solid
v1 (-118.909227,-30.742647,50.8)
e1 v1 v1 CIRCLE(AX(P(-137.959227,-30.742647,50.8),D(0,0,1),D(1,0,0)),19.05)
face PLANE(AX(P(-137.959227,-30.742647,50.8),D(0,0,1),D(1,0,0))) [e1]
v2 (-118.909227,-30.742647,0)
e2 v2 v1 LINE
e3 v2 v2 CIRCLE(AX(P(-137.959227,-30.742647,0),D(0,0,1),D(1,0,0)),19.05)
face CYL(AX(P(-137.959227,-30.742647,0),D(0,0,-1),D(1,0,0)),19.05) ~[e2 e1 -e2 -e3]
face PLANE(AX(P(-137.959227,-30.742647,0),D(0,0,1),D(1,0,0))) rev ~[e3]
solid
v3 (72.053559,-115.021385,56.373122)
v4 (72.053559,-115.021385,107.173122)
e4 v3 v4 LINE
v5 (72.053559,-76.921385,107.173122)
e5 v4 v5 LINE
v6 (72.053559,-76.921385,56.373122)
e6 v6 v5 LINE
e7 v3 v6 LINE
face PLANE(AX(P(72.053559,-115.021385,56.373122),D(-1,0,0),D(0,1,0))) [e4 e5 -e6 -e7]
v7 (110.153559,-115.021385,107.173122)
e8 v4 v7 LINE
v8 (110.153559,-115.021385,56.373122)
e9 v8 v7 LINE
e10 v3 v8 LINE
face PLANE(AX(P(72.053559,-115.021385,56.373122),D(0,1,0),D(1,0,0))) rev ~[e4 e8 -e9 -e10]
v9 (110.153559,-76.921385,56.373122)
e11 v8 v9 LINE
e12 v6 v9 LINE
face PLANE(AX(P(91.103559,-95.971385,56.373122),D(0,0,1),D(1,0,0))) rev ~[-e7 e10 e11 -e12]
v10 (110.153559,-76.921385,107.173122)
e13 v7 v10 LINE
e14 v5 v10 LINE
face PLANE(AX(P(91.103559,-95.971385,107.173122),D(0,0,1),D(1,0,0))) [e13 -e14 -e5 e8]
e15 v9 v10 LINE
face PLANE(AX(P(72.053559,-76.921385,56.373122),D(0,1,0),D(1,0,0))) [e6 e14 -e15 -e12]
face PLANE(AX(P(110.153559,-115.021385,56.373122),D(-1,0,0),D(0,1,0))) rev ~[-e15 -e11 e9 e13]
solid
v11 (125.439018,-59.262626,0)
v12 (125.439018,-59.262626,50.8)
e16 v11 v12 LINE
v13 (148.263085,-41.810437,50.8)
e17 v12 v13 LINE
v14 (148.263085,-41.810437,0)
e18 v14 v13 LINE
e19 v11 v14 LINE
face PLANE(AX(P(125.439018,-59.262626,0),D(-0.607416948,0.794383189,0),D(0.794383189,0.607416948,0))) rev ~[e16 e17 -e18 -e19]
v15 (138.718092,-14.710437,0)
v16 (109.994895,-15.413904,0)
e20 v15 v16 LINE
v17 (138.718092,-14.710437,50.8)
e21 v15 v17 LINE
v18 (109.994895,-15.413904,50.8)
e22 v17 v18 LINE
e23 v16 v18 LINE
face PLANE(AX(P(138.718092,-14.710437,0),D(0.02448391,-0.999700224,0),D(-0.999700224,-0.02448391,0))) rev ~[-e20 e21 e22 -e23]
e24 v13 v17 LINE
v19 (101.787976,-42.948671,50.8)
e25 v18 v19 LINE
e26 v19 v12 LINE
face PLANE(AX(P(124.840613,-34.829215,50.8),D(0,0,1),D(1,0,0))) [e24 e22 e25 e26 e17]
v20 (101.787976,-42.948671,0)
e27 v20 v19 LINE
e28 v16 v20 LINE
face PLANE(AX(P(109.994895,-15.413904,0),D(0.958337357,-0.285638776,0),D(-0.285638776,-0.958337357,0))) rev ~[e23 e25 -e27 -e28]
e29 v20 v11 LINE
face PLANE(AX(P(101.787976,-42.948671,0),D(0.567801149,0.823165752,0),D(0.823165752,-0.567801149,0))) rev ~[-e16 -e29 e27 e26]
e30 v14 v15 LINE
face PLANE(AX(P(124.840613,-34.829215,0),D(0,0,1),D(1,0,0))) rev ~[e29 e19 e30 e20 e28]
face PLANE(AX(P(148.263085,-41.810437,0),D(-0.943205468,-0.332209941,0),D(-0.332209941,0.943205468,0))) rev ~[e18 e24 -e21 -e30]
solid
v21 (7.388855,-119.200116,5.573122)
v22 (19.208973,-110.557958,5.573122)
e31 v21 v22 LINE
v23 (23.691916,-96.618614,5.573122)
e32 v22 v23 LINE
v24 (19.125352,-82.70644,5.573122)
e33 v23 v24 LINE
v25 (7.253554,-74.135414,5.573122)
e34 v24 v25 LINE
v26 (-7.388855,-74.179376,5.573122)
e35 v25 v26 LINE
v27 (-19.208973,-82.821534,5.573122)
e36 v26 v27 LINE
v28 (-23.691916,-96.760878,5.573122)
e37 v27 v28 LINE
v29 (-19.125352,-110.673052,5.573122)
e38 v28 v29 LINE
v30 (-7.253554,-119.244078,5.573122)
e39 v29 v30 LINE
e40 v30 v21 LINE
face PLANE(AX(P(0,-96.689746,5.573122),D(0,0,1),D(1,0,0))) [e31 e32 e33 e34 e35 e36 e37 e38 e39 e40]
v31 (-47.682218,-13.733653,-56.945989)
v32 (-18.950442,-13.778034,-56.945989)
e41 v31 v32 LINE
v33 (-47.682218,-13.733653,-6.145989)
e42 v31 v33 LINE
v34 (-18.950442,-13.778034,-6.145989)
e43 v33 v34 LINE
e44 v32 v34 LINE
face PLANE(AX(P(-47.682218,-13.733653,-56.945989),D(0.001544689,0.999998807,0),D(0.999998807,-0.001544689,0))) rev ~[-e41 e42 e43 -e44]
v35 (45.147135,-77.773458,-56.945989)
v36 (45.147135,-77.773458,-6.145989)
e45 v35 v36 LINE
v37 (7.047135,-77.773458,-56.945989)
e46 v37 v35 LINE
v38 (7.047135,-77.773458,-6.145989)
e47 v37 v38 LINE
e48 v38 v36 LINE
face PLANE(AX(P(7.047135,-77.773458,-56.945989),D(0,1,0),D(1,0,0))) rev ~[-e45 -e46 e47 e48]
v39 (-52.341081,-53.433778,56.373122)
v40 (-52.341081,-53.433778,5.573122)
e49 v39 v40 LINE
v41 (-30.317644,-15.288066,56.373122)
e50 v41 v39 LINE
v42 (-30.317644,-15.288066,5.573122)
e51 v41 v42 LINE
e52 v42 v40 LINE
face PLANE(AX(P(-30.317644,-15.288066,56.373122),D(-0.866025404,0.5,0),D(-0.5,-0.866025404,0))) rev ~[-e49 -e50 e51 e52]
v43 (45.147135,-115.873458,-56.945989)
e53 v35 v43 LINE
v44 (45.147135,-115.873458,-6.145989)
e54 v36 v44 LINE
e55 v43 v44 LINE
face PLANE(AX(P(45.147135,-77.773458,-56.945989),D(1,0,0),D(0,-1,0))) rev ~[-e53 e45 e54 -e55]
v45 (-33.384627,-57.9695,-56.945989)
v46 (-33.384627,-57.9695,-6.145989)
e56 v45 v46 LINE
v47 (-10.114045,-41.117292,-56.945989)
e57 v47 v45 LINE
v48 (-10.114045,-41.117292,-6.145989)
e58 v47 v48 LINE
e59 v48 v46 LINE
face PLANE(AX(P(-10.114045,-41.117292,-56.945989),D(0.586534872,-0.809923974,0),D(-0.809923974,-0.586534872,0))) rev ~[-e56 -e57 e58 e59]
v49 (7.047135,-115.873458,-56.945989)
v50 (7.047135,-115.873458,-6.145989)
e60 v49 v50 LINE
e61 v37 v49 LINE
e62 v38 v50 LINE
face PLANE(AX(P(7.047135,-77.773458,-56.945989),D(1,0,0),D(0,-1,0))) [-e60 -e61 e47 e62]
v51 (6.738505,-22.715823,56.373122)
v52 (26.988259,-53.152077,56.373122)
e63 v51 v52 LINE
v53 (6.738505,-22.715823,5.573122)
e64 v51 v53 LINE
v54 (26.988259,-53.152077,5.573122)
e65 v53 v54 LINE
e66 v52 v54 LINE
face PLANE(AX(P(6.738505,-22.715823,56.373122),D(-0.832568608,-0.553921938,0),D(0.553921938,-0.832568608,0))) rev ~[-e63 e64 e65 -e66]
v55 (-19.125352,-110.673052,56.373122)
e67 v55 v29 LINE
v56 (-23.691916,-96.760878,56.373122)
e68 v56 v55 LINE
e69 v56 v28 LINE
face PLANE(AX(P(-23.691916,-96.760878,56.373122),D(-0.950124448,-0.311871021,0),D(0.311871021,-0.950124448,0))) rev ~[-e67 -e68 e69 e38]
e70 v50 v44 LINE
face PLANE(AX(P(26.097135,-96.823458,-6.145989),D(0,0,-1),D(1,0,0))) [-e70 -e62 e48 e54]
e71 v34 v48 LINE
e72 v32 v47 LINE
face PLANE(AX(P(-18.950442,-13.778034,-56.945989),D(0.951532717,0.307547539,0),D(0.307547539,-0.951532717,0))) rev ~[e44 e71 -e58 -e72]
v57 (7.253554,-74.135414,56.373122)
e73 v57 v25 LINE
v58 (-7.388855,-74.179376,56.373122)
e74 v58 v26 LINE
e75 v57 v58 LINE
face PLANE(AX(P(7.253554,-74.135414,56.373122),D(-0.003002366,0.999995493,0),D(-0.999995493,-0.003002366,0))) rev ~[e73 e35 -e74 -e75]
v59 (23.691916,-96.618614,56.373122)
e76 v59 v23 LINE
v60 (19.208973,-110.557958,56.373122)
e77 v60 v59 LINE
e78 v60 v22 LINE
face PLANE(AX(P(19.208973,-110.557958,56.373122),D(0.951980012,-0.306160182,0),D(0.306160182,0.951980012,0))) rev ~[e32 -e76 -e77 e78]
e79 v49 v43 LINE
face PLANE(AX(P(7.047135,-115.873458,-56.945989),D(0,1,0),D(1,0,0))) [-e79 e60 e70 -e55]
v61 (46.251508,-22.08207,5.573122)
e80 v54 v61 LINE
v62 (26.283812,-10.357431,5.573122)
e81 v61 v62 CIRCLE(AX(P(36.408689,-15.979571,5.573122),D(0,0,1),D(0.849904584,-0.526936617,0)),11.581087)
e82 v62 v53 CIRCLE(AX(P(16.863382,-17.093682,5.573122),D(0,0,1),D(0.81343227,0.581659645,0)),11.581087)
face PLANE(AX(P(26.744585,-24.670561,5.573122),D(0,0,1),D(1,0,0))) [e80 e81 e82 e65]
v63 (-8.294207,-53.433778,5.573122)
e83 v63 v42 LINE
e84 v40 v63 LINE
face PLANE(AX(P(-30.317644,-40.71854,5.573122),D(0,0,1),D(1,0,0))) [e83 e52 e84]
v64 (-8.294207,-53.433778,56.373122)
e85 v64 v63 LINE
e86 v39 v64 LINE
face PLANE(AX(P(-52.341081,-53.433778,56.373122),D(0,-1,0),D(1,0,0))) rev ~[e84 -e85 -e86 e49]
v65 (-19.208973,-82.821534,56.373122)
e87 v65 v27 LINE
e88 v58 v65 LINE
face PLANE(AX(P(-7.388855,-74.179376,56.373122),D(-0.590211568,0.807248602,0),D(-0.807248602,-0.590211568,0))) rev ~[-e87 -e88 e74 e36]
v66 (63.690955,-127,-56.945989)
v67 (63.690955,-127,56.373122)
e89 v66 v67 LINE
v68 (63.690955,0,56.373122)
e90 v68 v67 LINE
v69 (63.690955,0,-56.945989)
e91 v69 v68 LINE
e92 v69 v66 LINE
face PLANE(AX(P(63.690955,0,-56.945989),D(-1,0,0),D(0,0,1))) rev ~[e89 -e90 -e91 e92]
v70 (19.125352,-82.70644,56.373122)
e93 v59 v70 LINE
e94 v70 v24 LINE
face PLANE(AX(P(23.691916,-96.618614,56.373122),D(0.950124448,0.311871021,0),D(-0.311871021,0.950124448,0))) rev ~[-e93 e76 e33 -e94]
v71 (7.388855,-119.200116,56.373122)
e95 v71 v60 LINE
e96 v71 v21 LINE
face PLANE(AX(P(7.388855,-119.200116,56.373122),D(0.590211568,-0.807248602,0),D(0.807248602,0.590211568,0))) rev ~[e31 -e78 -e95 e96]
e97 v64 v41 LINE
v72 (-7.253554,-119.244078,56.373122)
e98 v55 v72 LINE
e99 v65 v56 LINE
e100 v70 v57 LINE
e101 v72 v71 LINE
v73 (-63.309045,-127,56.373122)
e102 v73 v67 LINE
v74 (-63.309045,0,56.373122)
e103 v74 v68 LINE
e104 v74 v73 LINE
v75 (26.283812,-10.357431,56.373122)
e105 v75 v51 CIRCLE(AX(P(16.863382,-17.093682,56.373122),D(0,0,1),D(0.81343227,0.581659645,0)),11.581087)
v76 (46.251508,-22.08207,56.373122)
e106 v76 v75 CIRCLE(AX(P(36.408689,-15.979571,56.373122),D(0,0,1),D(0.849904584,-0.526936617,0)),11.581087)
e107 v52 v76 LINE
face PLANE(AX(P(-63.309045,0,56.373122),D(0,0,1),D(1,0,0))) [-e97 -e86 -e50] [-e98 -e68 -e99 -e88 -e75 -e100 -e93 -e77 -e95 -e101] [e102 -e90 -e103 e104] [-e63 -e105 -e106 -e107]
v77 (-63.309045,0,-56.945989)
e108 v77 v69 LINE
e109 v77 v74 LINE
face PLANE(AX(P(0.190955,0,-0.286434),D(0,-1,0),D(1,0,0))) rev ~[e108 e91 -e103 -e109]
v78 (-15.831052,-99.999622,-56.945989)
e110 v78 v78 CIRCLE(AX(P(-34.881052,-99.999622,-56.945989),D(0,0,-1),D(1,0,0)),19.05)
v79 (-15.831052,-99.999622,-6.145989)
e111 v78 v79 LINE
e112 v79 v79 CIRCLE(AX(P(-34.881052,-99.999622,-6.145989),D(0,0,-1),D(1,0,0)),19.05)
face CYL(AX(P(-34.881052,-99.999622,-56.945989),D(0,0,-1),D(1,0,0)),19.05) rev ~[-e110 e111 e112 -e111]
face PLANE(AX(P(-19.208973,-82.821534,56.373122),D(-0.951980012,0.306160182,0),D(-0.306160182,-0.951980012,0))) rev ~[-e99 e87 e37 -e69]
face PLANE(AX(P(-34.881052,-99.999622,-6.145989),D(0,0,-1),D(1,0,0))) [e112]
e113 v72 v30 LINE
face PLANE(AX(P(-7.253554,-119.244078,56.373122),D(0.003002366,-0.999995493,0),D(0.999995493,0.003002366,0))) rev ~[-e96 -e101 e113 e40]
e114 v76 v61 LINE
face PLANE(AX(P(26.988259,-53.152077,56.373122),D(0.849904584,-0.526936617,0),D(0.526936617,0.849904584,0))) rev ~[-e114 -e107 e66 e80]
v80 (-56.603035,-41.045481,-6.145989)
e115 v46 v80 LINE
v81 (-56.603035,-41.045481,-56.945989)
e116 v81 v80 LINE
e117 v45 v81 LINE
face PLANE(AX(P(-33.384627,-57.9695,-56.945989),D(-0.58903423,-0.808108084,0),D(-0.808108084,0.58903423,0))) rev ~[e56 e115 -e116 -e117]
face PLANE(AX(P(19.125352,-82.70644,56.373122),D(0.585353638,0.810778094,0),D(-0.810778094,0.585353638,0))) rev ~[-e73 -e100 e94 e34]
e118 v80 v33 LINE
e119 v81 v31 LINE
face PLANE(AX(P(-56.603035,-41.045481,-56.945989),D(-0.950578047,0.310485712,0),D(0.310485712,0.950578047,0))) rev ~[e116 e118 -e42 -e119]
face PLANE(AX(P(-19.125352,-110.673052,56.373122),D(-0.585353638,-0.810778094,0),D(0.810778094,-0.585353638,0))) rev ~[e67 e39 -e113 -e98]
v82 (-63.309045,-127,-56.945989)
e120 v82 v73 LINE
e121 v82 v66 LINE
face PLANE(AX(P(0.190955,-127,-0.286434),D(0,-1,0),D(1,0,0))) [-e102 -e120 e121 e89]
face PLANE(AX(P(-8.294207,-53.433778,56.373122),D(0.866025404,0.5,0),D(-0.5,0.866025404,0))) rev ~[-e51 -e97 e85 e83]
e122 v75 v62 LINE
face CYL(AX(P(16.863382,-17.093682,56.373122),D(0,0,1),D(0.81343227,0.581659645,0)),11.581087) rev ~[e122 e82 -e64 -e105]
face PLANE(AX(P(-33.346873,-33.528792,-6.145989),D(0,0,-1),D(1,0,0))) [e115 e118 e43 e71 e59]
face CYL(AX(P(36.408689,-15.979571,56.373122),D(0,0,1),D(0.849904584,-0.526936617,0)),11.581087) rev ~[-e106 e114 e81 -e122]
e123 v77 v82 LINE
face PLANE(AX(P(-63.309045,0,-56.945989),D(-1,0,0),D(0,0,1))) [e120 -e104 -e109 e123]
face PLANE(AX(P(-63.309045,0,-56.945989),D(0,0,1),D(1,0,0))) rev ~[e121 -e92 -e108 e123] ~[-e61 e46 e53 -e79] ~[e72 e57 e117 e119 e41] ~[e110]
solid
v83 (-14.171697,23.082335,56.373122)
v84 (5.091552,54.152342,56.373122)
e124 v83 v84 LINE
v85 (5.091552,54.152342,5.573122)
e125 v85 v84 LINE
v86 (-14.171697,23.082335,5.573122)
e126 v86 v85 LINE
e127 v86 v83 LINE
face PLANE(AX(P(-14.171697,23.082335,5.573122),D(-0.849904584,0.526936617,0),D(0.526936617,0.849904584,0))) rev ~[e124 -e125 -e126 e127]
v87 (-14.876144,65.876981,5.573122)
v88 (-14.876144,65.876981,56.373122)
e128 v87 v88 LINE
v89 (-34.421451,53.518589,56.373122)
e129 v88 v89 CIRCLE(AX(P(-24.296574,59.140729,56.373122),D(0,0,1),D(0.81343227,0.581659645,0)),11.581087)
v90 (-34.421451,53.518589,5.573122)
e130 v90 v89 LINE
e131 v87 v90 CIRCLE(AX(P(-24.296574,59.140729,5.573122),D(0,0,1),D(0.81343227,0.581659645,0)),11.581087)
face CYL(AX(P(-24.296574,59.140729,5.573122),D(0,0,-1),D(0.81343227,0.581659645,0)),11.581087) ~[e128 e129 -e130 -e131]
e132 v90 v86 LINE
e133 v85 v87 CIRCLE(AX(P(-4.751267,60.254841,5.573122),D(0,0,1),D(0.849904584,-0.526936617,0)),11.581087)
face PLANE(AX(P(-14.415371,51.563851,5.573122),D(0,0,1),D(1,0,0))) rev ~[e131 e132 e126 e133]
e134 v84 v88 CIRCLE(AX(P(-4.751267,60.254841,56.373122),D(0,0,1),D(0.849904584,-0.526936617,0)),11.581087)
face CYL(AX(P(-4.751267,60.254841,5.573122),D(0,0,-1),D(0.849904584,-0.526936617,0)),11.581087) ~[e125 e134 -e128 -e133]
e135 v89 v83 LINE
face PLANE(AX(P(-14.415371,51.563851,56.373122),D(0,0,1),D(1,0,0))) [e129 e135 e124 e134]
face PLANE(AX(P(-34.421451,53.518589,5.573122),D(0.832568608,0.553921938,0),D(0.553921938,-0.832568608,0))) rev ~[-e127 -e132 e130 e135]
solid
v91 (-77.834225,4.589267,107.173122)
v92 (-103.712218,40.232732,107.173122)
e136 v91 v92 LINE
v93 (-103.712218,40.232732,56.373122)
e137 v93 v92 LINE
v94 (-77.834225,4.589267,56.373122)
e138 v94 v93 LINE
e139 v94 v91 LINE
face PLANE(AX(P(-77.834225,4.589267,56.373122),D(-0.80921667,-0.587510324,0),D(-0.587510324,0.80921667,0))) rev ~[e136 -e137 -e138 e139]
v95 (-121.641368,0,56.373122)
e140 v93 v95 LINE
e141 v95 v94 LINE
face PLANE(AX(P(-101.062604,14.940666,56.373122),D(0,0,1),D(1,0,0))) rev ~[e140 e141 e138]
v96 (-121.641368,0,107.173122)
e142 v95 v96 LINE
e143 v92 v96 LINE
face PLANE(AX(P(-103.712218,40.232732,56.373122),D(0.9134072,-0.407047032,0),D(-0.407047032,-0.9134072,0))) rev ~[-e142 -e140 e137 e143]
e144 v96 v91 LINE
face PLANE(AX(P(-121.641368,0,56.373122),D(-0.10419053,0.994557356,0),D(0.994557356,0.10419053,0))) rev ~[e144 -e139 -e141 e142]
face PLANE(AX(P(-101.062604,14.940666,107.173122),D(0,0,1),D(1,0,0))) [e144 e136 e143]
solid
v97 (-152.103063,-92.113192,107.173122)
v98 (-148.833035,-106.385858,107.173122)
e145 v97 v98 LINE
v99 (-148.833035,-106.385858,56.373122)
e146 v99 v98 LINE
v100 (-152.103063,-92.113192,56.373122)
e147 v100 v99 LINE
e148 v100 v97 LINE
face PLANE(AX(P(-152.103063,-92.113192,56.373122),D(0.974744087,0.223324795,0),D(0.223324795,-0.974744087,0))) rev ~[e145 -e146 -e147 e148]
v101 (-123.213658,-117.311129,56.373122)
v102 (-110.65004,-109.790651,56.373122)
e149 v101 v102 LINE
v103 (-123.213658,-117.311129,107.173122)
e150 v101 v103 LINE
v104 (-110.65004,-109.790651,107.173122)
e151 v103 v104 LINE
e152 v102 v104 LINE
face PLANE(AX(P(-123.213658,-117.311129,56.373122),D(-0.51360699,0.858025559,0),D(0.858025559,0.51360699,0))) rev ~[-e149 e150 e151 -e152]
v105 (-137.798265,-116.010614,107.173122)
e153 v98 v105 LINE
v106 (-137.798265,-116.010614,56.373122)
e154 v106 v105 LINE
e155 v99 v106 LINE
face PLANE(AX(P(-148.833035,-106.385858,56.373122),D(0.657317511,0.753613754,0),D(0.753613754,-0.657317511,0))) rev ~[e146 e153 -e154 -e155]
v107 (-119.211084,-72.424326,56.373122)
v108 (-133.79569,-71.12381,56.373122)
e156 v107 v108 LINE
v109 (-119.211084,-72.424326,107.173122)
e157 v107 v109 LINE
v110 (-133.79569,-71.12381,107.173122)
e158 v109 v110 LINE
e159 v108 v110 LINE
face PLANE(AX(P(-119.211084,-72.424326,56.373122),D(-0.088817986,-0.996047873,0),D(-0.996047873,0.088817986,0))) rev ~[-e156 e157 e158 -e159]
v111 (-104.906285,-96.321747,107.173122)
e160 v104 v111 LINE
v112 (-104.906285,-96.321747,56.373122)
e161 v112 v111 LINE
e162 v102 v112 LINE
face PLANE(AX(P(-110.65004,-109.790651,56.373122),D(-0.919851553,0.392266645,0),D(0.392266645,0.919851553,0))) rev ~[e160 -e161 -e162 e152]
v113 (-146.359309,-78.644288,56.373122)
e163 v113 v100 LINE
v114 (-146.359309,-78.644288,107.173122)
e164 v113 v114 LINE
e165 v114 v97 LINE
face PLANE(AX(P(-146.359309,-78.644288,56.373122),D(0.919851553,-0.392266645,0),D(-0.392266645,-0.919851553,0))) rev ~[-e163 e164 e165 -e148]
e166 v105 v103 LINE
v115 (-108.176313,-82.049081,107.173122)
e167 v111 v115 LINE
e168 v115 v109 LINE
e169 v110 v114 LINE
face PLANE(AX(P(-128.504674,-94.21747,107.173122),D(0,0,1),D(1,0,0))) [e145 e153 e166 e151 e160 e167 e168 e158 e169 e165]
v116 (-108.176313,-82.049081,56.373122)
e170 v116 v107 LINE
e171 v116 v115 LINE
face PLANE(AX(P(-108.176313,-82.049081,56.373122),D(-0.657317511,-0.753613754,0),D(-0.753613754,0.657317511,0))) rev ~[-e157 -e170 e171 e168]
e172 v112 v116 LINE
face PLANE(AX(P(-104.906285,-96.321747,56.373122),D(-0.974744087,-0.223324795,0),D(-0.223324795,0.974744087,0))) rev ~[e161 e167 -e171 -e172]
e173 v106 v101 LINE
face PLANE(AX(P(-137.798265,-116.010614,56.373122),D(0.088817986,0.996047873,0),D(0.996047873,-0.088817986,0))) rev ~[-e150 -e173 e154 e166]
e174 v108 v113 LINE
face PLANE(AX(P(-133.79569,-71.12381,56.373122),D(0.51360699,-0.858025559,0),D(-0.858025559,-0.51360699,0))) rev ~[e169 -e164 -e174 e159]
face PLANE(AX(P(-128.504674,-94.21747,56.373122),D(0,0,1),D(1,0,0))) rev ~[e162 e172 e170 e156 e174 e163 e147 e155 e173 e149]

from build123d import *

# Parameters (mm, degrees)
F0_W      = 127
F0_H      = 113.3191107269
F1_DEPTH  = 127
F2_R      = 19.05
F3_DEPTH  = 50.8
F4_W      = 38.1
F4_H      = 38.1
F5_DEPTH  = 50.8
F7_DEPTH  = 50.8
F9_DEPTH  = 50.8
F11_DEPTH = 50.8
F13_DEPTH = 50.8
F16_R     = 19.05
F17_DEPTH = 50.8
F14_W     = 38.1
F14_H     = 38.1
F18_DEPTH = 50.8
F20_DEPTH = 50.8
F22_DEPTH = 50.8
F24_DEPTH = 50.8


with BuildPart() as f1:
    # F0 (on Front) → F1 (new body)
    with BuildSketch(Plane.XZ):
        with Locations((0.1909546554, -0.2864338458)):
            Rectangle(F0_W, F0_H)
    extrude(amount=F1_DEPTH)

    # F2 (on face) → F3 (cut)
    with BuildSketch(Plane(origin=(0, 0, -56.9459892092), x_dir=(1, 0, 0), z_dir=(0, 0, -1))):
        with Locations((-34.8810516298, 99.9996215105)):
            Circle(F2_R)
    extrude(amount=-F3_DEPTH, mode=Mode.SUBTRACT)

    # F4 (on face) → F5 (cut)
    with BuildSketch(Plane(origin=(0, 0, -56.9459892092), x_dir=(1, 0, 0), z_dir=(0, 0, -1))):
        with Locations((26.0971351527, 96.8234584603)):
            Rectangle(F4_W, F4_H)
    extrude(amount=-F5_DEPTH, mode=Mode.SUBTRACT)

    # F6 (on face) → F7 (cut)
    with BuildSketch(Plane(origin=(0, 0, -56.9459892092), x_dir=(1, 0, 0), z_dir=(0, 0, -1))):
        Polygon((-56.6030346625, 41.0454806673), (-47.6822181135, 13.7336526435), (-18.9504421823, 13.7780343462), (-10.1140446485, 41.1172917707), (-33.3846265658, 57.9695003836), align=None)
    extrude(amount=-F7_DEPTH, mode=Mode.SUBTRACT)

    # F8 (on face) → F9 (cut)
    with BuildSketch(Plane.XY.offset(56.3731215177)):
        Polygon((-8.294206511, -53.4337777186), (-30.31764359, -15.2880657404), (-52.3410806691, -53.4337777186), align=None)
    extrude(amount=-F9_DEPTH, mode=Mode.SUBTRACT)

    # F10 (on face) → F11 (cut)
    with BuildSketch(Plane.XY.offset(56.3731215177)):
        with BuildLine():
            ThreePointArc((26.2838121714, -10.3574311609), (10.6741557305, -7.3051652924), (6.738505182, -22.7158225105))
            Line((6.738505182, -22.7158225105), (26.9882585853, -53.1520769))
            Line((26.9882585853, -53.1520769), (46.2515082198, -22.0820703393))
            ThreePointArc((46.2515082198, -22.0820703393), (42.2727045666, -5.9928346862), (26.2838121714, -10.3574311609))
        make_face()
    extrude(amount=-F11_DEPTH, mode=Mode.SUBTRACT)

    # F12 (on face) → F13 (cut)
    with BuildSketch(Plane.XY.offset(56.3731215177)):
        Polygon((19.1253523779, -82.7064397891), (7.2535540552, -74.1354135239), (-7.3888553774, -74.1793755884), (-19.2089731938, -82.8215339682), (-23.6919161391, -96.7608778984), (-19.1253523779, -110.6730517785), (-7.2535540552, -119.2440780437), (7.3888553774, -119.2001159792), (19.2089731938, -110.5579575994), (23.6919161391, -96.6186136692), align=None)
    extrude(amount=-F13_DEPTH, mode=Mode.SUBTRACT)


with BuildPart() as f17:
    # F16 (on Top) → F17 (new body)
    with BuildSketch(Plane.XY):
        with Locations((-137.9592269659, -30.7426471263)):
            Circle(F16_R)
    extrude(amount=F17_DEPTH)


with BuildPart() as f18:
    # F14 (on face) → F18 (new body)
    with BuildSketch(Plane.XY.offset(56.3731215177)):
        with Locations((91.1035591245, -95.9713852525)):
            Rectangle(F14_W, F14_H)
    extrude(amount=F18_DEPTH)


with BuildPart() as f18b:
    # F15 (on Top) → F18, piece 2 (new body)
    with BuildSketch(Plane.XY):
        Polygon((148.2630850383, -41.8104374076), (138.7180920668, -14.7104369081), (109.9948949607, -15.4139039698), (101.7879758552, -42.9486710234), (125.4390180111, -59.2626258731), align=None)
    extrude(amount=F18_DEPTH)


with BuildPart() as f20:
    # F19 (on face) → F20 (new body)
    with BuildSketch(Plane.XY.offset(56.3731215177)):
        Polygon((-133.7956904605, -71.1238104015), (-146.3593086234, -78.6442881331), (-152.1030633272, -92.1131918953), (-148.8330354981, -106.3858582423), (-137.7982646227, -116.0106137395), (-123.2136581172, -117.3111289204), (-110.6500399543, -109.7906511888), (-104.9062852505, -96.3217474266), (-108.1763130796, -82.0490810796), (-119.2110839551, -72.4243255824), align=None)
    extrude(amount=F20_DEPTH)


with BuildPart() as f22:
    # F21 (on face) → F22 (new body)
    with BuildSketch(Plane.XY.offset(56.3731215177)):
        Polygon((-77.8342249913, 4.5892671622), (-103.7122182798, 40.2327320114), (-121.6413676739, 0), align=None)
    extrude(amount=F22_DEPTH)


with BuildPart() as f24:
    # F23 (on face) → F24 (new body)
    with BuildSketch(Plane.XY.offset(5.5731215177)):
        with BuildLine():
            ThreePointArc((-14.8761437524, 65.8769807034), (-30.4858001933, 68.929246572), (-34.4214507418, 53.5185893539))
            Line((-34.4214507418, 53.5185893539), (-14.1716973384, 23.0823349643))
            Line((-14.1716973384, 23.0823349643), (5.091552296, 54.152341525))
            ThreePointArc((5.091552296, 54.152341525), (1.1127486428, 70.2415771782), (-14.8761437524, 65.8769807034))
        make_face()
    extrude(amount=F24_DEPTH)


solid = Compound([f1.part, f17.part, f18.part, f18b.part, f20.part, f22.part, f24.part])
